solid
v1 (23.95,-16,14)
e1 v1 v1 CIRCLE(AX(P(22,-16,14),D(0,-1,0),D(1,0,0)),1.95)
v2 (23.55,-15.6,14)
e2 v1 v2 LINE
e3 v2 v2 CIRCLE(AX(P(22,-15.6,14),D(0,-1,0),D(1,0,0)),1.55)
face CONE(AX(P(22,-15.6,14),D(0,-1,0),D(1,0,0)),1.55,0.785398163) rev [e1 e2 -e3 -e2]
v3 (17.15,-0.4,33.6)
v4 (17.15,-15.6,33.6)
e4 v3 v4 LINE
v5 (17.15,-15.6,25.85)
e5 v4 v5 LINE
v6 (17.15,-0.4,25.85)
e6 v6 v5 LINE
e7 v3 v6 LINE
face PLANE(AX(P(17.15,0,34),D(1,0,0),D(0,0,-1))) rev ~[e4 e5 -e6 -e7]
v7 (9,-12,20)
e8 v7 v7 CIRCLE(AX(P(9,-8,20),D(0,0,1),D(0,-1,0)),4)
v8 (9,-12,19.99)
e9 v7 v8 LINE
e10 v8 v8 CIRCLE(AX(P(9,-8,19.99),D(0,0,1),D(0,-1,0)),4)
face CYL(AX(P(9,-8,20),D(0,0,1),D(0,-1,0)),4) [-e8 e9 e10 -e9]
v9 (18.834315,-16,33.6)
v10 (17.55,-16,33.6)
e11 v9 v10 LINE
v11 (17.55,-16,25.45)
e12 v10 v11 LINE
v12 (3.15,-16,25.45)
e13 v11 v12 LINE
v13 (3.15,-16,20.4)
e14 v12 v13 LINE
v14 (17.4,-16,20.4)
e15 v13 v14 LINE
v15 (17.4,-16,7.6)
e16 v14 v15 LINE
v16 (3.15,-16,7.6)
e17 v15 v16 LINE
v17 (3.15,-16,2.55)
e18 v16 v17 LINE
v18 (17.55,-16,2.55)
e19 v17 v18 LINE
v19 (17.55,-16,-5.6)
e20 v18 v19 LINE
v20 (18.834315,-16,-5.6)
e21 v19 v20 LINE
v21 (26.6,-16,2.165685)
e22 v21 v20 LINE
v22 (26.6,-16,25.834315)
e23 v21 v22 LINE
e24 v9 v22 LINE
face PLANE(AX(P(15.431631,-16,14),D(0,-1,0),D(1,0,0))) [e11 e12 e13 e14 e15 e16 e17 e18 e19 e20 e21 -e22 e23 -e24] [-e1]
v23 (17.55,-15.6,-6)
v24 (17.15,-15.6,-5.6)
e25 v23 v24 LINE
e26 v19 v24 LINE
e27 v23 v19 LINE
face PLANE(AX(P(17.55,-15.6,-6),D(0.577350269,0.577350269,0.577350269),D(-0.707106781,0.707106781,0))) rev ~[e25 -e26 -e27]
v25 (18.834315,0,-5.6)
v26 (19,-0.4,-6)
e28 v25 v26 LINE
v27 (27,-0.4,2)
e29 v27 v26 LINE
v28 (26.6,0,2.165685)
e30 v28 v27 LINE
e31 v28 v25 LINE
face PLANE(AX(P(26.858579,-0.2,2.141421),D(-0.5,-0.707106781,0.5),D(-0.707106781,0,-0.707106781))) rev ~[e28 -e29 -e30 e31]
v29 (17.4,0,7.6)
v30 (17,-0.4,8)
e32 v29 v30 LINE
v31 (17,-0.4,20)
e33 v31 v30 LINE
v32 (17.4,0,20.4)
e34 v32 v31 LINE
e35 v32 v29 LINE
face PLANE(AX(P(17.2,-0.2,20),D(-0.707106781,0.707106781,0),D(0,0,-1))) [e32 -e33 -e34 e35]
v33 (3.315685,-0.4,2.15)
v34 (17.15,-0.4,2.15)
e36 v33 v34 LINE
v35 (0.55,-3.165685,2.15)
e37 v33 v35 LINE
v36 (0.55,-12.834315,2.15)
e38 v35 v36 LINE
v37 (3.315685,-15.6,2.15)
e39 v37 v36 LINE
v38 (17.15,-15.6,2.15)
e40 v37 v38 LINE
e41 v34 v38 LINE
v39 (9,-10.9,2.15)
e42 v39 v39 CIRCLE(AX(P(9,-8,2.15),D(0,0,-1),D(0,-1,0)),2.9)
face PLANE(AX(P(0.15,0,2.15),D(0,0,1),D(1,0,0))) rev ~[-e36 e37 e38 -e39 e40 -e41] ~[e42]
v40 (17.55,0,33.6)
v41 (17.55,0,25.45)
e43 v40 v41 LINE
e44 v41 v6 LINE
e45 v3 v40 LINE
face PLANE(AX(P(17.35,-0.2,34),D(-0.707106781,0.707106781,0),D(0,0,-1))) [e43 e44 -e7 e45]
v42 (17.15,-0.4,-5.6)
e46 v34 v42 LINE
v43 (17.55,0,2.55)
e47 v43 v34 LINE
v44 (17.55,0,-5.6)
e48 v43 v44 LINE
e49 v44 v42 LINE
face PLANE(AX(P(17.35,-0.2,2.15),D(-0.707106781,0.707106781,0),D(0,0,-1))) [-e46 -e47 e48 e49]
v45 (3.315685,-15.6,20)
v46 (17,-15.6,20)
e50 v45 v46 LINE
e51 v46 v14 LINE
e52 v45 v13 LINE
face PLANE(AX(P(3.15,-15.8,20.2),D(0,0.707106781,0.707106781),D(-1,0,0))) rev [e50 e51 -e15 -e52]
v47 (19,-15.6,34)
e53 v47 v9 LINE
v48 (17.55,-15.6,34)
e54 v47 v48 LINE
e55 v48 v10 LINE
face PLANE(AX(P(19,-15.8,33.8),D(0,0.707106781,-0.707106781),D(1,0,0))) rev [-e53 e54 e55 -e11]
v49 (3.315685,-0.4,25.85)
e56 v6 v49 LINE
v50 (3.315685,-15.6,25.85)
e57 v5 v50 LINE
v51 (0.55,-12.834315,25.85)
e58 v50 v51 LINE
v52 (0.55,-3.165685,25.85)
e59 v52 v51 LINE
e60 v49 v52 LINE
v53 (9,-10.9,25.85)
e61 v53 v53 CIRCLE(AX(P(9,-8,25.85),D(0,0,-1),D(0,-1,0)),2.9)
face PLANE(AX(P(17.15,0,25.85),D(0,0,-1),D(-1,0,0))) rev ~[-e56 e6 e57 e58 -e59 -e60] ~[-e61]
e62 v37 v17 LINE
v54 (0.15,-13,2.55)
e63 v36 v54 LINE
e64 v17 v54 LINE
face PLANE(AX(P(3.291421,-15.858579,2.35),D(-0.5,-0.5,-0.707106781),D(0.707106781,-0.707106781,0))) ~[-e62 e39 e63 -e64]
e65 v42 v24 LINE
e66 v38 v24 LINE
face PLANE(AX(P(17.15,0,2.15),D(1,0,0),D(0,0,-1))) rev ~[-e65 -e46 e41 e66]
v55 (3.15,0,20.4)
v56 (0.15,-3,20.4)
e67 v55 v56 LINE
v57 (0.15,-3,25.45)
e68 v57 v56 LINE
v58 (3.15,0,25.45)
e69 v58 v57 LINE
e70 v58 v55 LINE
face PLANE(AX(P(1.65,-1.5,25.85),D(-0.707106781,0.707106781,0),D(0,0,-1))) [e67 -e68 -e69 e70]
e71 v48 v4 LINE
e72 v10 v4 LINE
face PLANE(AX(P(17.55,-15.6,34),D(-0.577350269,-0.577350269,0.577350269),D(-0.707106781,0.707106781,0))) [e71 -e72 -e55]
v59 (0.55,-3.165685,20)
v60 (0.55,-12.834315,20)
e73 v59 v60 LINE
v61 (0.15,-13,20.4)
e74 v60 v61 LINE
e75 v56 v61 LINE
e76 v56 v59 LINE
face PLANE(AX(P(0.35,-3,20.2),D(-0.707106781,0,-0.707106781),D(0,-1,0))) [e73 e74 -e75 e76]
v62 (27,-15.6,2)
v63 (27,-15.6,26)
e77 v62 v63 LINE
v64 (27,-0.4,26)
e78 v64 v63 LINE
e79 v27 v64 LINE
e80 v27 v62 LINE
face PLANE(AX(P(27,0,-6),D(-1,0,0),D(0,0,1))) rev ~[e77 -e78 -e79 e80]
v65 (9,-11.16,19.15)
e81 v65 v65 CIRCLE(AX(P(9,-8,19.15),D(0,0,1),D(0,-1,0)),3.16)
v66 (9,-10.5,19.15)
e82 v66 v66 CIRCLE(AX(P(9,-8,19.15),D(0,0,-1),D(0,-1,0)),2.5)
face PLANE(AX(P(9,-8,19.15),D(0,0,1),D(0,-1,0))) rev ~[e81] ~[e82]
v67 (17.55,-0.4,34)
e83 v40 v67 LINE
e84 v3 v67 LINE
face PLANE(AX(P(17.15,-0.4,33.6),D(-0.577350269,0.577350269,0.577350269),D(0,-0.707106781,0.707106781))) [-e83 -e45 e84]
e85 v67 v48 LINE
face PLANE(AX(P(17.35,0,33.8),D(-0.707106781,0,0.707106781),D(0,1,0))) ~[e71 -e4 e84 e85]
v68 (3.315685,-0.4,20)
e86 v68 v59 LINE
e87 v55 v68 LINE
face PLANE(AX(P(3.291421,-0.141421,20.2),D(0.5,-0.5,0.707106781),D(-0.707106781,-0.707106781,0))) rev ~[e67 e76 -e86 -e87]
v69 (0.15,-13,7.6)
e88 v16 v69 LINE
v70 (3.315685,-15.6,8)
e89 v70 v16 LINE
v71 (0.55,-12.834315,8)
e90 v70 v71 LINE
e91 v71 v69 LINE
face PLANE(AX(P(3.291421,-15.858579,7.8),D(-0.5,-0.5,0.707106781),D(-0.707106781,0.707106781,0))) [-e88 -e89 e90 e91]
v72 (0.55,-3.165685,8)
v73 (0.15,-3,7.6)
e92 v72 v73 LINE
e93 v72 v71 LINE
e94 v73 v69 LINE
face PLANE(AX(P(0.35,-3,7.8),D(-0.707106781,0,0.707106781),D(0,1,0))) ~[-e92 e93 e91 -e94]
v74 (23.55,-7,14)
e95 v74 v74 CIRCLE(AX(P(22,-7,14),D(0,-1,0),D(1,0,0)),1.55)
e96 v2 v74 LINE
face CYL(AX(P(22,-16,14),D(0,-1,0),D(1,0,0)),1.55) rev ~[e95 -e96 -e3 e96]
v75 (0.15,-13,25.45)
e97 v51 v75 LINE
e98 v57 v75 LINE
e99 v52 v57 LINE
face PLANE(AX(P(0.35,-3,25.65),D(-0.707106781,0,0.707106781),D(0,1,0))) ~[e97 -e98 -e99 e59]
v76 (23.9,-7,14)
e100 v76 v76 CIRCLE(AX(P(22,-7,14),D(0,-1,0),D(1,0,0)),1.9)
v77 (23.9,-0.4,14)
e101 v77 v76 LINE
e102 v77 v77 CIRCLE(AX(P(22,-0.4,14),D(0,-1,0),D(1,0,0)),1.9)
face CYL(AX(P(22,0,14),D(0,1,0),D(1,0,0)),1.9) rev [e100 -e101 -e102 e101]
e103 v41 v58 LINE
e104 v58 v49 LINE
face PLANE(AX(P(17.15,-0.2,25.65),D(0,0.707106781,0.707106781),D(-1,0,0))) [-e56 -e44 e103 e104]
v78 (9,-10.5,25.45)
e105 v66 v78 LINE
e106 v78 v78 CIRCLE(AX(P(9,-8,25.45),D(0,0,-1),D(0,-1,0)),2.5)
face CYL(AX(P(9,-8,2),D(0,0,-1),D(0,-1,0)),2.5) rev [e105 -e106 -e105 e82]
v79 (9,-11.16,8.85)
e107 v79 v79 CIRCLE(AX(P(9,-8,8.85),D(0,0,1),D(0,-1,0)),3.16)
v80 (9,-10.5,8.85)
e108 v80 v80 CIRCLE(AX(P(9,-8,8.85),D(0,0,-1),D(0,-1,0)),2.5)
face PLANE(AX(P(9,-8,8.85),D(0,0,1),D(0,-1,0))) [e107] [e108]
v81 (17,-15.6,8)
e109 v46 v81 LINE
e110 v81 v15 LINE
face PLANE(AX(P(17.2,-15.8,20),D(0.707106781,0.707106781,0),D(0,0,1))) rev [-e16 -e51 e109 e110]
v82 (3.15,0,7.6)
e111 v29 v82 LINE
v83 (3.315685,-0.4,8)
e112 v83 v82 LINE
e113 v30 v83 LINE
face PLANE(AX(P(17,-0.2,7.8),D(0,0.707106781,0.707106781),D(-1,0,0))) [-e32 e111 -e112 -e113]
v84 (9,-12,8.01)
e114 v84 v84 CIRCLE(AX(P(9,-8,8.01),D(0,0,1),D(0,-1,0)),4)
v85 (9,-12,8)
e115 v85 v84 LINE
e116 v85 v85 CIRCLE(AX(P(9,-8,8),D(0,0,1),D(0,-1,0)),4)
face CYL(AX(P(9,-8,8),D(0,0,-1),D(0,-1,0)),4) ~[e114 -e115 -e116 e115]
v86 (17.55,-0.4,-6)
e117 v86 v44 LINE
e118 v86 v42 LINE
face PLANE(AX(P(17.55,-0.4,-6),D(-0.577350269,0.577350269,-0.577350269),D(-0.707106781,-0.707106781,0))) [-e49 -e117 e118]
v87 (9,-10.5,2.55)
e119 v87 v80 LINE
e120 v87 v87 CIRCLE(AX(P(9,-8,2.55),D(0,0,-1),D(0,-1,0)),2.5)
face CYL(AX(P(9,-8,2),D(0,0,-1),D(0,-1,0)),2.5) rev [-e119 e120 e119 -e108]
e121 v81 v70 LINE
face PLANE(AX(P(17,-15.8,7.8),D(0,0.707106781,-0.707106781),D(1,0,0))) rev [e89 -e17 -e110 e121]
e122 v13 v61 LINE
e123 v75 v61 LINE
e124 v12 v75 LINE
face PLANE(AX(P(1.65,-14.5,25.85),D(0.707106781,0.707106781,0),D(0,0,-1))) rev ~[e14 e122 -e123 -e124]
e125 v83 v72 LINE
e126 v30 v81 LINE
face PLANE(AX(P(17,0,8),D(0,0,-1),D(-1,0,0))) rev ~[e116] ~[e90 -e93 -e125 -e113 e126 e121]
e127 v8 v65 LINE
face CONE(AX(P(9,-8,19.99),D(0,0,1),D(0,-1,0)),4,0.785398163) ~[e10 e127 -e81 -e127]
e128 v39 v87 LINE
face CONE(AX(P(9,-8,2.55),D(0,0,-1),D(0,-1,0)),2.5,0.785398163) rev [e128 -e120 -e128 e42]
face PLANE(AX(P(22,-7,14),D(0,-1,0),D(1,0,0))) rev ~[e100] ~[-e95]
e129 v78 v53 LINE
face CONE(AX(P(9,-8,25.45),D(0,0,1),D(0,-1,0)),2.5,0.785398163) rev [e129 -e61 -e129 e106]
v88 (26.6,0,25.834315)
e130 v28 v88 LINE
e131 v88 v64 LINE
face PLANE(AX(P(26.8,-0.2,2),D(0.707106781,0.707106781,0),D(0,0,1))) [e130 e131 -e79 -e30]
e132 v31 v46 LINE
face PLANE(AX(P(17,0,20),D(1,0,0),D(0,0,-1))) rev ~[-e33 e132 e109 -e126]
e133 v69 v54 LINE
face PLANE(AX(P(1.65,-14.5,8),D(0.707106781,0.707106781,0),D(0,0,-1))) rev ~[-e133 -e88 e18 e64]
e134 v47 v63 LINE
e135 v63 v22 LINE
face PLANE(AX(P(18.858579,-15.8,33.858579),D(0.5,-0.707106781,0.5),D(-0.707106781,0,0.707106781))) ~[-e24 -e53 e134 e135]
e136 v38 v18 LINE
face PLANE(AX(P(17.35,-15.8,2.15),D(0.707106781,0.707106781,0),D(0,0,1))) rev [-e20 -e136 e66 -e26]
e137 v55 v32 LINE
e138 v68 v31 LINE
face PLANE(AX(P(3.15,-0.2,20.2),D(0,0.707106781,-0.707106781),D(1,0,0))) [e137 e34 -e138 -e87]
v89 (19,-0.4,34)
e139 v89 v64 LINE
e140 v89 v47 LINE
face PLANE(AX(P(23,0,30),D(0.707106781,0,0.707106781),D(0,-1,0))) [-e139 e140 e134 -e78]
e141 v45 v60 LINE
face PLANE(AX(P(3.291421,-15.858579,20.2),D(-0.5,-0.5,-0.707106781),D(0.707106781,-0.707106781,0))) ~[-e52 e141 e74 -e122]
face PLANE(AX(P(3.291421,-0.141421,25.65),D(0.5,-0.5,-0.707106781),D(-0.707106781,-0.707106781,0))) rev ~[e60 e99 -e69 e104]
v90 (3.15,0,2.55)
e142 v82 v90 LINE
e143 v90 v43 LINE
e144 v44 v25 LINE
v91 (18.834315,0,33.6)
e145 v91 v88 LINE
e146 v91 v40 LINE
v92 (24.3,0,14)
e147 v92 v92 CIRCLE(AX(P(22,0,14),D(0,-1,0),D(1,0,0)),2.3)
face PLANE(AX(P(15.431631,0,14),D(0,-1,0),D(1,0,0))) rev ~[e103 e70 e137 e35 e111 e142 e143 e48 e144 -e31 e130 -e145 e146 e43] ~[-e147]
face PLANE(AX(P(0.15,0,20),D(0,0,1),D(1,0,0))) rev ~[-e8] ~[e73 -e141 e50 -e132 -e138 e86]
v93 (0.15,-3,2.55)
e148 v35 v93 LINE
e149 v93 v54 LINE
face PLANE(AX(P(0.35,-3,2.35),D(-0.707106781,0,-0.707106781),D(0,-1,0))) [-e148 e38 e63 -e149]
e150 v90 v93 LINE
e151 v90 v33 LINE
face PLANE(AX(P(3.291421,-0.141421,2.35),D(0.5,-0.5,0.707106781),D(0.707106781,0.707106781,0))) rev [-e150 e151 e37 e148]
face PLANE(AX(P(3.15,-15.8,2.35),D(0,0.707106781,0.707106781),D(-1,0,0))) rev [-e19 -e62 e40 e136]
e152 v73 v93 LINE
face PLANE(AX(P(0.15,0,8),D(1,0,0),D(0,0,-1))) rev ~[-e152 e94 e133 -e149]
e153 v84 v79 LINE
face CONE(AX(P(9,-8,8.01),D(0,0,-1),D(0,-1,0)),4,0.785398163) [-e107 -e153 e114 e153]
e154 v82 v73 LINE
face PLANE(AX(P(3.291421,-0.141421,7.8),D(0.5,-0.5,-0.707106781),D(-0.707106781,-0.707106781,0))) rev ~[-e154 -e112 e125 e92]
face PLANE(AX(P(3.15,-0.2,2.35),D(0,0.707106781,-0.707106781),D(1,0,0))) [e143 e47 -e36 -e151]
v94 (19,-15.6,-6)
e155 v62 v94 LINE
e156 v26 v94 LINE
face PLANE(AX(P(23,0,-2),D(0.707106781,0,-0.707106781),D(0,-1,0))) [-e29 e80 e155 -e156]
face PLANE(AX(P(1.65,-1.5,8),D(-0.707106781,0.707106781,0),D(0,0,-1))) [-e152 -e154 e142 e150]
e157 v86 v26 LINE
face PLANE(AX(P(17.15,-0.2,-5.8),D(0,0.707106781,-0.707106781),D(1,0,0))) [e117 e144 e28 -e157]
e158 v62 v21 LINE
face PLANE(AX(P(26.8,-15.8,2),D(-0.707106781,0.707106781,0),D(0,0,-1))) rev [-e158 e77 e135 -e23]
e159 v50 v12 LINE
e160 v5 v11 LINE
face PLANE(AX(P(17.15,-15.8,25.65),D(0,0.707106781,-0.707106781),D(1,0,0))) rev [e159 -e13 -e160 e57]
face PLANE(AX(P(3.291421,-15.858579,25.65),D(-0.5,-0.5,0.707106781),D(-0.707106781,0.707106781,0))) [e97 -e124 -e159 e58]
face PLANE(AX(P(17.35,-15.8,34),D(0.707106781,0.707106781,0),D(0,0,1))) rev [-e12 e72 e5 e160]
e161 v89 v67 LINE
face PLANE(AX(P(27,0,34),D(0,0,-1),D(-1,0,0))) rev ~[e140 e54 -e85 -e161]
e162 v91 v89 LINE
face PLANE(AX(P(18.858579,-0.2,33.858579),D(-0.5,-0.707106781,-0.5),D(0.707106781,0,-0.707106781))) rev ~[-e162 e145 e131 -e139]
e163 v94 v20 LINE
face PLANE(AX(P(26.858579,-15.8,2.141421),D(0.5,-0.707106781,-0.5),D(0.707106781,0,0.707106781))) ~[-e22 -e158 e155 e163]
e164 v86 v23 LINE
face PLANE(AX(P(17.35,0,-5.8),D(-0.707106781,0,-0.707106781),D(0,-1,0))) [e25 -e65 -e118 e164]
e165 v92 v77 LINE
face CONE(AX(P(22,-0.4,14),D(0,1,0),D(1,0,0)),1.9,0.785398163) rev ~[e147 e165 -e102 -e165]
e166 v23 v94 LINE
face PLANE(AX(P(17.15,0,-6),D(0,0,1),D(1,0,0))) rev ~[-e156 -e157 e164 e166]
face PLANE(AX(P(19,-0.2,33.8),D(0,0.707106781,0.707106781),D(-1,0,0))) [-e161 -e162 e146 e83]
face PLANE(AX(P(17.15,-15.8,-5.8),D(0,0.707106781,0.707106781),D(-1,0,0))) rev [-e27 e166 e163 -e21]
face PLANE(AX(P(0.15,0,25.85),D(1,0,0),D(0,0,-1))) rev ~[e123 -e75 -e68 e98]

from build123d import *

# Parameters (mm, degrees)
PAD_DEPTH            = 16
SKETCH002_R          = 4
PAD001_DEPTH         = 0.85
SKETCH003_R          = 4
PAD002_DEPTH         = 0.85
SKETCH004_R          = 2.5
POCKET001_DEPTH      = 32.001
CHAMFER_SIZE         = 0.84
CHAMFER020021_SIZE   = 0.4
CHAMFER020022_SIZE   = 3
CHAMFER020023_SIZE   = 8
SKETCH005_R          = 1.55
POCKET_DEPTH         = 16.001
SKETCH006_R          = 1.9
POCKET002_DEPTH      = 7
CHAMFER020024_SIZE   = 0.4
BODY_PLACEMENT_ANGLE = 270


with BuildPart() as part:
    # Sketch → Pad (new body)
    with BuildSketch(Plane.YZ):
        Polygon((-8.85, 6), (8, 6), (8, -6), (-8.85, -6), (-8.85, -11.85), (8.15, -11.85), (8.15, -20), (18, -20), (18, 20), (8.15, 20), (8.15, 11.85), (-8.85, 11.85), align=None)
    extrude(amount=PAD_DEPTH)

    # Sketch002 (on DatumPlane) → Pad001 (join)
    with BuildSketch(Plane.XY.offset(-6)):
        with Locations((8, 0)):
            Circle(SKETCH002_R)
    extrude(amount=PAD001_DEPTH)

    # Sketch003 (on DatumPlane) → Pad002 (join)
    with BuildSketch(Plane.XY.offset(6)):
        with Locations((8, 0)):
            Circle(SKETCH003_R)
    extrude(amount=-PAD002_DEPTH)

    # Sketch004 (on DatumPlane) → Pocket001 (cut, through all)
    with BuildSketch(Plane.XY.offset(-12)):
        with Locations((8, 0)):
            Circle(SKETCH004_R)
    extrude(amount=POCKET001_DEPTH, mode=Mode.SUBTRACT)

    # Chamfer
    chamfer_edges = [part.edges().sort_by_distance(p)[0] for p in [
        (4, 0, -5.15),
        (4, 0, 5.15),
    ]]
    chamfer(chamfer_edges, length=CHAMFER_SIZE)

    # Chamfer020021
    chamfer020021_edges = [part.edges().sort_by_distance(p)[0] for p in [
        (5.5, 0, -11.85),
        (5.5, 0, 11.85),
    ]]
    chamfer(chamfer020021_edges, length=CHAMFER020021_SIZE)

    # Chamfer020022
    chamfer020022_edges = [part.edges().sort_by_distance(p)[0] for p in [
        (0, -8.85, 8.925),
        (16, -8.85, 8.925),
        (0, -8.85, -8.925),
        (16, -8.85, -8.925),
    ]]
    chamfer(chamfer020022_edges, length=CHAMFER020022_SIZE)

    # Chamfer020023
    chamfer020023_edges = [part.edges().sort_by_distance(p)[0] for p in [
        (8, 18, 20),
        (8, 18, -20),
    ]]
    chamfer(chamfer020023_edges, length=CHAMFER020023_SIZE)

    # Sketch005 (on DatumPlane) → Pocket (cut, through all)
    with BuildSketch(Plane.YZ.offset(16)):
        with Locations((13, 0)):
            Circle(SKETCH005_R)
    extrude(amount=-POCKET_DEPTH, mode=Mode.SUBTRACT)

    # Sketch006 (on DatumPlane) → Pocket002 (cut)
    with BuildSketch(Plane.YZ):
        with Locations((13, 0)):
            Circle(SKETCH006_R)
    extrude(amount=POCKET002_DEPTH, mode=Mode.SUBTRACT)

    # Chamfer020024
    chamfer020024_edges = [part.edges().sort_by_distance(p)[0] for p in [
        (16, 1.15, 11.85),
        (16, 8.15, 15.925),
        (16, 9.075, 20),
        (16, 14, 16),
        (16, 11.45, 0),
        (16, 14, -16),
        (16, 18, 0),
        (16, 8.15, -15.925),
        (16, 9.075, -20),
        (16, 1.15, -11.85),
        (16, 1.075, -6),
        (14.5, -7.35, -6),
        (14.5, -7.35, -11.85),
        (8, -8.85, -6),
        (8, -8.85, -11.85),
        (0, 8.15, -15.925),
        (0, 1.15, -11.85),
        (1.5, -7.35, -11.85),
        (1.5, -7.35, -6),
        (0, 1.075, -6),
        (0, 9.075, -20),
        (0, 14, -16),
        (0, 18, 0),
        (0, 11.1, 0),
        (0, 14, 16),
        (0, 9.075, 20),
        (0, 8.15, 15.925),
        (0, 1.15, 11.85),
        (0, 8, 0),
        (0, 1.075, 6),
        (1.5, -7.35, 6),
        (1.5, -7.35, 11.85),
        (8, -8.85, 11.85),
        (8, -8.85, 6),
        (14.5, -7.35, 6),
        (16, 1.075, 6),
        (16, 8, 0),
        (8, 8.15, -20),
        (8, 8.15, 20),
        (14.5, -7.35, 11.85),
    ]]
    chamfer(chamfer020024_edges, length=CHAMFER020024_SIZE)


with BuildPart() as part_1:
    # Body placement: moved
    add(part.part.moved(Location((9, 0, 14))).rotate(Axis((9, 0, 14), (0, 0, 1)), BODY_PLACEMENT_ANGLE))


solid = part_1.part
